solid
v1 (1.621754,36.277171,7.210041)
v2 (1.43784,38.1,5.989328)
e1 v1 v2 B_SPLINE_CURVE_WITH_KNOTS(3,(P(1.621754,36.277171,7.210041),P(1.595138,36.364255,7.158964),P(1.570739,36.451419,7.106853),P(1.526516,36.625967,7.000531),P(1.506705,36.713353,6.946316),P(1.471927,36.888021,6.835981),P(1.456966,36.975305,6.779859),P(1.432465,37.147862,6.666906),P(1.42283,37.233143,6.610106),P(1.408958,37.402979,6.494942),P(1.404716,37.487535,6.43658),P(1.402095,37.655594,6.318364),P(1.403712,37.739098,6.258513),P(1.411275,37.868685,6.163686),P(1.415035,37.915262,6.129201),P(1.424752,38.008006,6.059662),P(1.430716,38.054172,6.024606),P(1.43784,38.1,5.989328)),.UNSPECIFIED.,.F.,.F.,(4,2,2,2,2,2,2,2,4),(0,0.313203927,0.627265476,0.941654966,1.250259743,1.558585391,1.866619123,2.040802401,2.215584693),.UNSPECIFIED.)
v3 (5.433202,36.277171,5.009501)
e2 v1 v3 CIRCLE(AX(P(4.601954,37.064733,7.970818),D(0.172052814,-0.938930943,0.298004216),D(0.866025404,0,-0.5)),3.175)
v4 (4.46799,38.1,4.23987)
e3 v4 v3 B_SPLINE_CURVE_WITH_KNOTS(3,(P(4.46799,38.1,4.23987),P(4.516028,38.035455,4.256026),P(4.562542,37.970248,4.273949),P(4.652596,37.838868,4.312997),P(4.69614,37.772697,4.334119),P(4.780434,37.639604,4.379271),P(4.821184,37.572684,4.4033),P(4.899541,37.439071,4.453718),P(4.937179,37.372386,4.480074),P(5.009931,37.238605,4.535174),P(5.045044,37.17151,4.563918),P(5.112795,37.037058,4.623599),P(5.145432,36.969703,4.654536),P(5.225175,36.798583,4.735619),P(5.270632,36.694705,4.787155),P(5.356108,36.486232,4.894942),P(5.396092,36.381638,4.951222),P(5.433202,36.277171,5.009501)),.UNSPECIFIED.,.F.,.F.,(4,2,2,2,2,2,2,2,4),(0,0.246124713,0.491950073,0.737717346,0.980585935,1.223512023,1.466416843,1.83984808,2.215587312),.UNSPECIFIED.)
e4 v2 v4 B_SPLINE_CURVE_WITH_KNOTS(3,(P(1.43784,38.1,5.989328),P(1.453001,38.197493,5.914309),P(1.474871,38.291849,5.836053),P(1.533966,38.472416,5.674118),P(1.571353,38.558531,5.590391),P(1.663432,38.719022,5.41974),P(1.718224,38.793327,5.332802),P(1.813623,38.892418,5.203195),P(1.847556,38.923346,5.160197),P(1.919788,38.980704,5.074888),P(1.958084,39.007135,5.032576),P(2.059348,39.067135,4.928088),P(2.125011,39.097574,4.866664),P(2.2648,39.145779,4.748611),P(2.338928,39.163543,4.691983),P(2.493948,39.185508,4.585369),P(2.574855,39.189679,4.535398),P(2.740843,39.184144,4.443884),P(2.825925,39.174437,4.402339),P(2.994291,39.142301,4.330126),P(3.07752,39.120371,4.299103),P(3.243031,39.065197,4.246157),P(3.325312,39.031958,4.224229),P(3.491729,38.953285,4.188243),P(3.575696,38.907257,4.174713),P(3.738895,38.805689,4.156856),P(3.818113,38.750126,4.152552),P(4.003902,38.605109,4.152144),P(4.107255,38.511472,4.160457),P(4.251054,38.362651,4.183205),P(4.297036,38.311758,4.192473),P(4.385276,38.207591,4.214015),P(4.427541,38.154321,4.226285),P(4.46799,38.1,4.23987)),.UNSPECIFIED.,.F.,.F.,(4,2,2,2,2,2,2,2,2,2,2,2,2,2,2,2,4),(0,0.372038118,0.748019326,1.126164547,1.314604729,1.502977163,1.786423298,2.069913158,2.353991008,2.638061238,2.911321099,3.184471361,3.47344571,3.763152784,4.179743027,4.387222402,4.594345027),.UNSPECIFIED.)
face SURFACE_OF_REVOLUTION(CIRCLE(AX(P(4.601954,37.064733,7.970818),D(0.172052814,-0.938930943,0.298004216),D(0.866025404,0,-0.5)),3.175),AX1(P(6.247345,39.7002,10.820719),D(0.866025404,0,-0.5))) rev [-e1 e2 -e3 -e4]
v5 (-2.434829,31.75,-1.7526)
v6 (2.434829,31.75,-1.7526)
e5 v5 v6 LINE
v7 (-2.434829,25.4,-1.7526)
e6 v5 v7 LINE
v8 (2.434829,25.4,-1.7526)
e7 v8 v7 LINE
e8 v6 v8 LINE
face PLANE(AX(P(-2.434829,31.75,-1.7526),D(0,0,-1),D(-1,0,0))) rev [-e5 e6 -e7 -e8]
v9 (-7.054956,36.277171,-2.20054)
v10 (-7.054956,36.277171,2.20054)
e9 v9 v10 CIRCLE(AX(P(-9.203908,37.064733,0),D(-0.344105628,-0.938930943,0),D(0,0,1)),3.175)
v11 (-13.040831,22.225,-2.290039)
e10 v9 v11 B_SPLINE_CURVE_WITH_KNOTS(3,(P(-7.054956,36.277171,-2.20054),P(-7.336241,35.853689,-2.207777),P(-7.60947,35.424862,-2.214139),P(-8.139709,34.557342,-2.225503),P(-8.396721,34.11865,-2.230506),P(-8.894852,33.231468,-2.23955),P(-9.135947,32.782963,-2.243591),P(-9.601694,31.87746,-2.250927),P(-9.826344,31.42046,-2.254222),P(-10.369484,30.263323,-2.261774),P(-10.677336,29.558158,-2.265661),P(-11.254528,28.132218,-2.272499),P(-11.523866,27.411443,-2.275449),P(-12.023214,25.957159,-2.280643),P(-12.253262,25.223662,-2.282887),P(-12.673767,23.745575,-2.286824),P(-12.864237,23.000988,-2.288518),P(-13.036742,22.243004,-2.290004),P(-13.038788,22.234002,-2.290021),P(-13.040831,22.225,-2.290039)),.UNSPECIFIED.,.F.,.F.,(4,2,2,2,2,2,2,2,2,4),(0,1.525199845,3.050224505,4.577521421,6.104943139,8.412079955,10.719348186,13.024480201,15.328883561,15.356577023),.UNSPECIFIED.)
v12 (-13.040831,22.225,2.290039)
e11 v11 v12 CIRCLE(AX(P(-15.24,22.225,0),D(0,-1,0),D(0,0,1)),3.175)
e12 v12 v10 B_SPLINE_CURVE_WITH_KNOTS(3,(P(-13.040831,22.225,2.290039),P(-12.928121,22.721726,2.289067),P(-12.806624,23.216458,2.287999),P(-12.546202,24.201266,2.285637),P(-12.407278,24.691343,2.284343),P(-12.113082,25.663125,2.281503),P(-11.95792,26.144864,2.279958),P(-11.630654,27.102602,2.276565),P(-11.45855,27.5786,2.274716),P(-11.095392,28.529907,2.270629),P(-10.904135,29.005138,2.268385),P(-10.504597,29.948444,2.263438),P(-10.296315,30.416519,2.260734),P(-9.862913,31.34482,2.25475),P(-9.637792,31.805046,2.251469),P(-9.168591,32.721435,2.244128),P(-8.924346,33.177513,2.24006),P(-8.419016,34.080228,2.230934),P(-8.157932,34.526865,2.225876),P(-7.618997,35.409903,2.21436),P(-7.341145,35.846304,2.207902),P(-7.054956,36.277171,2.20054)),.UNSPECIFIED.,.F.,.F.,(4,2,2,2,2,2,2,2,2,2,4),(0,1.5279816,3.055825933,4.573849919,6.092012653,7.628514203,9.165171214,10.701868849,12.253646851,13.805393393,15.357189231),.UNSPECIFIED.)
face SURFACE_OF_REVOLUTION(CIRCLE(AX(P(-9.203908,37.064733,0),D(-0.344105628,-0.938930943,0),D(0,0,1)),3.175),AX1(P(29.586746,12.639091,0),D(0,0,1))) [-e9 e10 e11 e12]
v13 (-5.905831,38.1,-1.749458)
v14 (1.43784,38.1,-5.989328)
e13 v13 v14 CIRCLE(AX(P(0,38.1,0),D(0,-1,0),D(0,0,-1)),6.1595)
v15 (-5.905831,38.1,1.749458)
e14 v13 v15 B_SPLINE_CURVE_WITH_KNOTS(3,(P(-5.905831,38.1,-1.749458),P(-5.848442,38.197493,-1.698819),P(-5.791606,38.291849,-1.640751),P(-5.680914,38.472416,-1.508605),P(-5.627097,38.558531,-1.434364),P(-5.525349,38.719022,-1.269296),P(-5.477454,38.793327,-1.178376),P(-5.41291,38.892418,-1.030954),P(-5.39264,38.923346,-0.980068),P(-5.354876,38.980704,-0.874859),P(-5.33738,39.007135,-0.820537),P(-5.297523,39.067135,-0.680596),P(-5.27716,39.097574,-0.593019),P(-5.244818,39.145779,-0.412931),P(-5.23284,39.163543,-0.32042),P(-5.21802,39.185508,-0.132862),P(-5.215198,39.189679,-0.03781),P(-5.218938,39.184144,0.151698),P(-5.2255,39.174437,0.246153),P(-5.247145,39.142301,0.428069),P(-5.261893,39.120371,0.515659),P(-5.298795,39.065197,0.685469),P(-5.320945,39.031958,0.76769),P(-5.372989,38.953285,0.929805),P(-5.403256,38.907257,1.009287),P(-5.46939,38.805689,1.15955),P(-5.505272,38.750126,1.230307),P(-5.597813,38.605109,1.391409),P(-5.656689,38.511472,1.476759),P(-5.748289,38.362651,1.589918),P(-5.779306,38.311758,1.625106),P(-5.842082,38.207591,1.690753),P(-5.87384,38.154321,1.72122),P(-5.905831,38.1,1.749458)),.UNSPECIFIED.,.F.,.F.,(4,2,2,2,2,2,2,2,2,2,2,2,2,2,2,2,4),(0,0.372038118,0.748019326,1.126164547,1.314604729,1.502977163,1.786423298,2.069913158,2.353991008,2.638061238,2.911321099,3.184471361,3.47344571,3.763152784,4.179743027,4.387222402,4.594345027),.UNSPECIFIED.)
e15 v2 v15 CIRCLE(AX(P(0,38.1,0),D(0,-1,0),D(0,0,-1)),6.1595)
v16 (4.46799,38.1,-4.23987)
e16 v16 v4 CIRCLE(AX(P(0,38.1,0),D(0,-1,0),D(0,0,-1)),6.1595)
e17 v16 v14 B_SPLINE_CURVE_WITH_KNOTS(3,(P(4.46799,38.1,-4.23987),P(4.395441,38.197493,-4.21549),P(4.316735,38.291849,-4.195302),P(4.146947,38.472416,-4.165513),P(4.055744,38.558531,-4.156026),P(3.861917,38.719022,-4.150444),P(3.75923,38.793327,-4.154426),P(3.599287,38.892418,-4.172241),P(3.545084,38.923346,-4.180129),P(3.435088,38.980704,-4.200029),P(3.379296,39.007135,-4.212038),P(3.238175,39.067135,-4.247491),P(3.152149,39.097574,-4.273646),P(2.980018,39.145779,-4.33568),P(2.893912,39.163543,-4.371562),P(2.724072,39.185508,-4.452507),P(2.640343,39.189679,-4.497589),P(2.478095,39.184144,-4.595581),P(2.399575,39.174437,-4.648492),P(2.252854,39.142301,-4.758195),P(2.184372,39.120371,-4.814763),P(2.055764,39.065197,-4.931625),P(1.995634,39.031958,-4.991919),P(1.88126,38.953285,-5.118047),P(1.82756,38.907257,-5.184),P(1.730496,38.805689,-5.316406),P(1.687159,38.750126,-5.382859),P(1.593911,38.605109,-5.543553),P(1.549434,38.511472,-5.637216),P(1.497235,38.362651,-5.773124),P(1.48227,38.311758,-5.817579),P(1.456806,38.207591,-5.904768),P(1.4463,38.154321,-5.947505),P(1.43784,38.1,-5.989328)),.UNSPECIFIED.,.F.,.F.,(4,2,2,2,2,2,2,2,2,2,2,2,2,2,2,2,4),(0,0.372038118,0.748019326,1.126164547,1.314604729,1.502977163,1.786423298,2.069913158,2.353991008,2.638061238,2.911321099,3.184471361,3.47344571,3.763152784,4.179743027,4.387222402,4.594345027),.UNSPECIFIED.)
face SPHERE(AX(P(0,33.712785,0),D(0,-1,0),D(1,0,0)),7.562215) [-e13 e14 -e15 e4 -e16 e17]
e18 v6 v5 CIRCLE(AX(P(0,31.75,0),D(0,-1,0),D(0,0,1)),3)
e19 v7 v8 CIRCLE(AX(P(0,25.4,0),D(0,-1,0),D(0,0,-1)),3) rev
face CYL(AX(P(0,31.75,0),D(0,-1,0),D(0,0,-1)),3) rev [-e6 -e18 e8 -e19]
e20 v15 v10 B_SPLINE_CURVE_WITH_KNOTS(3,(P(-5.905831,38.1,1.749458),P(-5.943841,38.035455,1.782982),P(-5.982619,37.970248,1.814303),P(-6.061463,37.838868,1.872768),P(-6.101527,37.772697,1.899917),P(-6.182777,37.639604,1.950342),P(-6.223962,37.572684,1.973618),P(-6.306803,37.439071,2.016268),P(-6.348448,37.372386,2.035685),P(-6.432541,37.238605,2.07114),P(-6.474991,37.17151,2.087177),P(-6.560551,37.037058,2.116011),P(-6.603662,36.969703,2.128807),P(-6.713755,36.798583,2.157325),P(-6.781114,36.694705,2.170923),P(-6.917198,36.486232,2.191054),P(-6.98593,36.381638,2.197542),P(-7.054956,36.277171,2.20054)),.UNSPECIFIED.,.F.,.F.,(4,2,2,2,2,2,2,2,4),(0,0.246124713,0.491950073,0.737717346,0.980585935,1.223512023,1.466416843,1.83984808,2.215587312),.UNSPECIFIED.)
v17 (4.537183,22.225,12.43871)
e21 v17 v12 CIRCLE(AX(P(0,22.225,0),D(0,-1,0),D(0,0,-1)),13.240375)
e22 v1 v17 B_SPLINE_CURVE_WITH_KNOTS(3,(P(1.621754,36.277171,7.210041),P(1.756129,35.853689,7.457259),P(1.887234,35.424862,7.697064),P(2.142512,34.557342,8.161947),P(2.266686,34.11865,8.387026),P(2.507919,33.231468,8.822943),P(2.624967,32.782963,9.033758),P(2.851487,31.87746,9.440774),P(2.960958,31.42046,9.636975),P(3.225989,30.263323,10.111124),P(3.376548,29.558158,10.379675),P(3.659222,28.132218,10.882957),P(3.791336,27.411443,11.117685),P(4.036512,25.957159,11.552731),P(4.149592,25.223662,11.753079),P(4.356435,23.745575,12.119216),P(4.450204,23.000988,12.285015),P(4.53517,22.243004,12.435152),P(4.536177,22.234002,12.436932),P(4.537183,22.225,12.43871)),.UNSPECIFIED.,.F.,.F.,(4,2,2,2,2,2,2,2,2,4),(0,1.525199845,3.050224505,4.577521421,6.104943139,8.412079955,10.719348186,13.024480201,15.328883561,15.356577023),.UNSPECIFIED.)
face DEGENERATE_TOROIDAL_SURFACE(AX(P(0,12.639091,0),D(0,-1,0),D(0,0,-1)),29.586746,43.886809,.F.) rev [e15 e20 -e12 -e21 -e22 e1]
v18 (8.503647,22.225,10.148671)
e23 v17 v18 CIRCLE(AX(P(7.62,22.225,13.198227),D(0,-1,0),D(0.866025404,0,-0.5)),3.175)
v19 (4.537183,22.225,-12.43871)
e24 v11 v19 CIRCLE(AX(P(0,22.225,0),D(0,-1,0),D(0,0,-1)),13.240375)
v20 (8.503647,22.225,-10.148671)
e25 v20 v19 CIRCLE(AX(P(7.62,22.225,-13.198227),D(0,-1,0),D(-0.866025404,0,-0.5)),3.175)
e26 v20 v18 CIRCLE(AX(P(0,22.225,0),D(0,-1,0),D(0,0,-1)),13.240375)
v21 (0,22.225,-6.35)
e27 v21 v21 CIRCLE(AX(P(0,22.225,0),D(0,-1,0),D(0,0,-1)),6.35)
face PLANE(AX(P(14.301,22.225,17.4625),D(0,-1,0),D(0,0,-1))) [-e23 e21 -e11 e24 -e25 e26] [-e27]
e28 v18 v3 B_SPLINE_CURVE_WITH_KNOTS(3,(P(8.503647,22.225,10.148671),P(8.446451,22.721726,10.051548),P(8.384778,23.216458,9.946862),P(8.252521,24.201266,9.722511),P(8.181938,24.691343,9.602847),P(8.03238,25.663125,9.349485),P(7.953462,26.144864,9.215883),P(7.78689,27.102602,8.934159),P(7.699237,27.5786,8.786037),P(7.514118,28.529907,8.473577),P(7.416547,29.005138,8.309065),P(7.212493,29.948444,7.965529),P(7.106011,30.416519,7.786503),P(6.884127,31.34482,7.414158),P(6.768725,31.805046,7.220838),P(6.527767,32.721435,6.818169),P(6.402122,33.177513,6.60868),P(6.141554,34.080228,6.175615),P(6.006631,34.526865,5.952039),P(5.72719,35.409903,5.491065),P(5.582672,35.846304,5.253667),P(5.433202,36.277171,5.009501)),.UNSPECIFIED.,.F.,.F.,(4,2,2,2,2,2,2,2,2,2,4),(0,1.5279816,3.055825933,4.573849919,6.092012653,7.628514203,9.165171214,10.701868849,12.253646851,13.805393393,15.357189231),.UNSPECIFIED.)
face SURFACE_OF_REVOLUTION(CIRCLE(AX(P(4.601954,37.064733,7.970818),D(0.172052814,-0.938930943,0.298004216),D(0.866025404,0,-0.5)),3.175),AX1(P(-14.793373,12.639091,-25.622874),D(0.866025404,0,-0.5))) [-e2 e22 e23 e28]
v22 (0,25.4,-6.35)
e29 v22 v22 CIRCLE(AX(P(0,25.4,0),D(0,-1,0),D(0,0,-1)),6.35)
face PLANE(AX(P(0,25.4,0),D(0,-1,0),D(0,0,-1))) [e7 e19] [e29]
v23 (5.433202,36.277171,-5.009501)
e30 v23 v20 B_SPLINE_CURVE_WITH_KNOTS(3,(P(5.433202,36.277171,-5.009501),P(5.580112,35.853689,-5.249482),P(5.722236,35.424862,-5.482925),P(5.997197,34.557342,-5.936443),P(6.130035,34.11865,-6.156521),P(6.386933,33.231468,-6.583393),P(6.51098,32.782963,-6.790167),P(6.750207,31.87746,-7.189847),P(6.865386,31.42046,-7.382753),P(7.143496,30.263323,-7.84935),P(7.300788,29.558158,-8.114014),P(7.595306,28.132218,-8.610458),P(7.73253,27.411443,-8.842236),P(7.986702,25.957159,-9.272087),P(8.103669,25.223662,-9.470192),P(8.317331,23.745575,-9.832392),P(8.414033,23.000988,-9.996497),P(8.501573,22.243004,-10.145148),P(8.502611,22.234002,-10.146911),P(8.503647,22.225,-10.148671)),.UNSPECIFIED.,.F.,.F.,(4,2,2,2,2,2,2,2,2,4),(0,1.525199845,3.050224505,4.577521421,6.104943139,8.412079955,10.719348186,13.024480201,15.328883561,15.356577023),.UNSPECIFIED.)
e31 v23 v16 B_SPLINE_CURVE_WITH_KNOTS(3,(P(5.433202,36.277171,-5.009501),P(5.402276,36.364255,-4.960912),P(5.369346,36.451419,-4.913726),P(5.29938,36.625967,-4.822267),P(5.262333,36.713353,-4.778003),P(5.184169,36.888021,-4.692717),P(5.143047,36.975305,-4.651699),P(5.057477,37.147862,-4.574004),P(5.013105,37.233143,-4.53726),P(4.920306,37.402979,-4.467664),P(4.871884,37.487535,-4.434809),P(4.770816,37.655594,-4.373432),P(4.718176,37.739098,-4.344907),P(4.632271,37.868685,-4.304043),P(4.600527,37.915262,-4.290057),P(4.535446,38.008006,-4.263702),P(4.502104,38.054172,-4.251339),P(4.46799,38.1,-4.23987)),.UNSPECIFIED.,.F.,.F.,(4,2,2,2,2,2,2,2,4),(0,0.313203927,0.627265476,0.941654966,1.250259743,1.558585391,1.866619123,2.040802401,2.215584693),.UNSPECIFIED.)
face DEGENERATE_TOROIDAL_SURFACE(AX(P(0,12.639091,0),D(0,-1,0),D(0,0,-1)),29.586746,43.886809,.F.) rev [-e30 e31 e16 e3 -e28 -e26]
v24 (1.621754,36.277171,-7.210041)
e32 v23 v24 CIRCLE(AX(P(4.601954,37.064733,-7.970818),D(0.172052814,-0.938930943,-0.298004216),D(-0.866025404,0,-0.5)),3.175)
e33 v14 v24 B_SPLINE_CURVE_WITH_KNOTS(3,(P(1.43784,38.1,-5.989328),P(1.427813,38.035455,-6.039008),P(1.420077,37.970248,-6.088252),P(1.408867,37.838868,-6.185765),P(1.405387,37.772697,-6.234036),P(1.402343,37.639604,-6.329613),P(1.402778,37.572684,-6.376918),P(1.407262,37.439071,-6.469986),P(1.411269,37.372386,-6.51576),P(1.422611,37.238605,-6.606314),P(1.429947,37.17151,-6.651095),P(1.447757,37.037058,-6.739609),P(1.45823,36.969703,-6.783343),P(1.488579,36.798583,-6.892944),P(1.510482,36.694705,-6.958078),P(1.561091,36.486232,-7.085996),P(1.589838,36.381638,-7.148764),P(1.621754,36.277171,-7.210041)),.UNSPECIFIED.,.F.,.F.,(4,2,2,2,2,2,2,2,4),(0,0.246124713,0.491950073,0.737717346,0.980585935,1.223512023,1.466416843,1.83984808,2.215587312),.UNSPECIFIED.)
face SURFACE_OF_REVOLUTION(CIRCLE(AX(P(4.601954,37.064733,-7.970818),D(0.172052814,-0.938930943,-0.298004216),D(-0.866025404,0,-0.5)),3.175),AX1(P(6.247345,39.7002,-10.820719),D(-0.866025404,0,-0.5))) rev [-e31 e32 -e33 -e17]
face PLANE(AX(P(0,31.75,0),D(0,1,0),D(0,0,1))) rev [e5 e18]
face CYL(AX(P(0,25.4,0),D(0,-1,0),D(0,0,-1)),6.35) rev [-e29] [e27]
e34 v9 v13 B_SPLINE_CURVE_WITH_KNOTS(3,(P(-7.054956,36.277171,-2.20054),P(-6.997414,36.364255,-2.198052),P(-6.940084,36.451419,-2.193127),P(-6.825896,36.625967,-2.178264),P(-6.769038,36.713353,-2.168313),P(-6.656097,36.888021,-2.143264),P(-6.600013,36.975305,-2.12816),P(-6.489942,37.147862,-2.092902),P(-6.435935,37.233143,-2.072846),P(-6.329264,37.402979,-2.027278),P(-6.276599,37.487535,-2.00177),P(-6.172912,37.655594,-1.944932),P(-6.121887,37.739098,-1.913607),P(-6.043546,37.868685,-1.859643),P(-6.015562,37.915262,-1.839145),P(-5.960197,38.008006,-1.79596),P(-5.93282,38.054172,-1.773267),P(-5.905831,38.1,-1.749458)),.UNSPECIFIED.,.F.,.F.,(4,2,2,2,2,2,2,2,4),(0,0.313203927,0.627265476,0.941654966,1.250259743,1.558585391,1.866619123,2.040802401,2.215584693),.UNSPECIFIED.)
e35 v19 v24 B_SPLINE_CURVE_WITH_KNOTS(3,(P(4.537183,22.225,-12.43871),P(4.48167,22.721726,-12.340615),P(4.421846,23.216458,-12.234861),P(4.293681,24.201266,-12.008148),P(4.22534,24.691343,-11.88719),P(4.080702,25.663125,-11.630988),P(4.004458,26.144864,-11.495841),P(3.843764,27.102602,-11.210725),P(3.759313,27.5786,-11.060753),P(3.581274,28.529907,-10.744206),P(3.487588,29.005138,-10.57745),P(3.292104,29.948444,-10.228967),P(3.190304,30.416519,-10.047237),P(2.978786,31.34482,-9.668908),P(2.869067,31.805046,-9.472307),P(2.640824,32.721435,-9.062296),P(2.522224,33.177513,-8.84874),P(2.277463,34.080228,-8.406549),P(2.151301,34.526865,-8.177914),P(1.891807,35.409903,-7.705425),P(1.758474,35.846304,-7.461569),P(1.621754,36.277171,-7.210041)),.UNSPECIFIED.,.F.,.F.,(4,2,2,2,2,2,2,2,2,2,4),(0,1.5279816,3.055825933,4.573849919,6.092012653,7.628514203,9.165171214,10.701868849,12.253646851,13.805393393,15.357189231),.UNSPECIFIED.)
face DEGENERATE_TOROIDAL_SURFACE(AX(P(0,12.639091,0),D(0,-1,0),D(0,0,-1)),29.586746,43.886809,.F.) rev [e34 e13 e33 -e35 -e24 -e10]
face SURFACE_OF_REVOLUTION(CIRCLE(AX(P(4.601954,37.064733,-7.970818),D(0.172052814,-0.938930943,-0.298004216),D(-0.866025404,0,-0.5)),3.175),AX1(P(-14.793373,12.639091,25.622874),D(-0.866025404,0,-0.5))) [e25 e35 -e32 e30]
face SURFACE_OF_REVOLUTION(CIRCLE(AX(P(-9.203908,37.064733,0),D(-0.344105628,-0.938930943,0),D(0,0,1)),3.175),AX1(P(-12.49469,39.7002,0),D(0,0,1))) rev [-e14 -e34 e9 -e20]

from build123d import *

# Parameters (mm, degrees)
CUT_EXTRUDE1_REACH             = 47.963
SKETCH2_W                      = 34.925
SKETCH2_H                      = 22.225
CUT_EXTRUDE1_DIRECTION_2_REACH = 47.963
CUT_EXTRUDE2_DEPTH             = 9.525
CIRPATTERN1_COUNT              = 3
SKETCH6_R                      = 6.35
CUT_EXTRUDE3_DEPTH             = 3.175


with BuildPart() as part:
    # Sketch1 → Revolve1 (revolve)
    with BuildSketch(Plane.XY):
        with BuildLine():
            Line((0, 41.275), (0, 0))
            Line((0, 0), (7.5, 0))
            ThreePointArc((7.5, 0), (12.485619708, 5.484310547), (14.299969698, 12.670561319))
            ThreePointArc((14.299969698, 12.670561319), (14.3, 12.7), (14.299969698, 12.729438681))
            ThreePointArc((14.299969698, 12.729438681), (12.201631467, 26.047427638), (6.1595, 38.1))
            ThreePointArc((6.1595, 38.1), (3.464825582, 40.434546629), (0, 41.275))
        make_face()
    revolve(axis=Axis((0, 0, 0), (0, 1, 0)))

    # Sketch2 → Cut-Extrude1 (cut, up to next)
    with BuildSketch(Plane(origin=(0, 0, 0), x_dir=(0, 0, -1), z_dir=(1, 0, 0)), mode=Mode.PRIVATE) as cut_extrude1_sk1:
        with Locations((0, 11.1125)):
            Rectangle(SKETCH2_W, SKETCH2_H)
    cut_extrude1_tool1 = extrude(cut_extrude1_sk1.sketch, amount=-CUT_EXTRUDE1_REACH, mode=Mode.PRIVATE) & part.part
    add(cut_extrude1_tool1.solids().sort_by_distance((0, 11.1125, 0))[0], mode=Mode.SUBTRACT)

    # Sketch2 → Cut-Extrude1 direction 2 (cut, up to next)
    with BuildSketch(Plane(origin=(0, 0, 0), x_dir=(0, 0, -1), z_dir=(1, 0, 0)), mode=Mode.PRIVATE) as cut_extrude1_direction_2_sk1:
        with Locations((0, 11.1125)):
            Rectangle(SKETCH2_W, SKETCH2_H)
    cut_extrude1_direction_2_tool1 = extrude(cut_extrude1_direction_2_sk1.sketch, amount=CUT_EXTRUDE1_DIRECTION_2_REACH, mode=Mode.PRIVATE) & part.part
    add(cut_extrude1_direction_2_tool1.solids().sort_by_distance((0, 11.1125, 0))[0], mode=Mode.SUBTRACT)

    # Sketch3 → Cut-Extrude2 (cut)
    with BuildSketch(Plane.XZ.offset(-22.225)):
        with BuildLine():
            Line((-2.434829201, -1.7526), (2.434829201, -1.7526))
            ThreePointArc((2.434829201, -1.7526), (0, 3), (-2.434829201, -1.7526))
        make_face()
    extrude(amount=-CUT_EXTRUDE2_DEPTH, mode=Mode.SUBTRACT)

    # Cut-Sweep1: sweep along a path in Sketch4
    with BuildLine(Plane.XY) as cut_sweep1_path:
        Line((-6.35, 41.275), (-6.35, 39.7002))
        ThreePointArc((-6.35, 39.7002), (-6.599150778, 37.96819754), (-7.326398315, 36.376651231))
        ThreePointArc((-7.326398315, 36.376651231), (-10.906399133, 29.561182531), (-13.240375425, 22.225))
    # Sketch5 → Cut-Sweep1 (sweep, cut)
    with BuildSketch(Plane.XZ.offset(-22.225)):
        with BuildLine():
            ThreePointArc((-13.04083059, 2.290039063), (-12.065, 0), (-13.04083059, -2.290039063))
            ThreePointArc((-13.04083059, -2.290039063), (-13.240375425, 0), (-13.04083059, 2.290039063))
        make_face()
    cut_sweep1 = sweep(path=cut_sweep1_path.line, mode=Mode.SUBTRACT)

    # CirPattern1: Cut-Sweep1 ×3 about axis
    cirpattern1_axis = Axis((0, 42.243264125, 0), (0, -1, 0))
    for i in range(1, CIRPATTERN1_COUNT):
        add(cut_sweep1.rotate(cirpattern1_axis, i * 360 / CIRPATTERN1_COUNT), mode=Mode.SUBTRACT)

    # Sketch6 → Cut-Extrude3 (cut)
    with BuildSketch(Plane.XZ.offset(-22.225)):
        with Locations(Location((0, 0, 0), (0, 0, 270))):
            Circle(SKETCH6_R)
    extrude(amount=-CUT_EXTRUDE3_DEPTH, mode=Mode.SUBTRACT)


solid = part.part
